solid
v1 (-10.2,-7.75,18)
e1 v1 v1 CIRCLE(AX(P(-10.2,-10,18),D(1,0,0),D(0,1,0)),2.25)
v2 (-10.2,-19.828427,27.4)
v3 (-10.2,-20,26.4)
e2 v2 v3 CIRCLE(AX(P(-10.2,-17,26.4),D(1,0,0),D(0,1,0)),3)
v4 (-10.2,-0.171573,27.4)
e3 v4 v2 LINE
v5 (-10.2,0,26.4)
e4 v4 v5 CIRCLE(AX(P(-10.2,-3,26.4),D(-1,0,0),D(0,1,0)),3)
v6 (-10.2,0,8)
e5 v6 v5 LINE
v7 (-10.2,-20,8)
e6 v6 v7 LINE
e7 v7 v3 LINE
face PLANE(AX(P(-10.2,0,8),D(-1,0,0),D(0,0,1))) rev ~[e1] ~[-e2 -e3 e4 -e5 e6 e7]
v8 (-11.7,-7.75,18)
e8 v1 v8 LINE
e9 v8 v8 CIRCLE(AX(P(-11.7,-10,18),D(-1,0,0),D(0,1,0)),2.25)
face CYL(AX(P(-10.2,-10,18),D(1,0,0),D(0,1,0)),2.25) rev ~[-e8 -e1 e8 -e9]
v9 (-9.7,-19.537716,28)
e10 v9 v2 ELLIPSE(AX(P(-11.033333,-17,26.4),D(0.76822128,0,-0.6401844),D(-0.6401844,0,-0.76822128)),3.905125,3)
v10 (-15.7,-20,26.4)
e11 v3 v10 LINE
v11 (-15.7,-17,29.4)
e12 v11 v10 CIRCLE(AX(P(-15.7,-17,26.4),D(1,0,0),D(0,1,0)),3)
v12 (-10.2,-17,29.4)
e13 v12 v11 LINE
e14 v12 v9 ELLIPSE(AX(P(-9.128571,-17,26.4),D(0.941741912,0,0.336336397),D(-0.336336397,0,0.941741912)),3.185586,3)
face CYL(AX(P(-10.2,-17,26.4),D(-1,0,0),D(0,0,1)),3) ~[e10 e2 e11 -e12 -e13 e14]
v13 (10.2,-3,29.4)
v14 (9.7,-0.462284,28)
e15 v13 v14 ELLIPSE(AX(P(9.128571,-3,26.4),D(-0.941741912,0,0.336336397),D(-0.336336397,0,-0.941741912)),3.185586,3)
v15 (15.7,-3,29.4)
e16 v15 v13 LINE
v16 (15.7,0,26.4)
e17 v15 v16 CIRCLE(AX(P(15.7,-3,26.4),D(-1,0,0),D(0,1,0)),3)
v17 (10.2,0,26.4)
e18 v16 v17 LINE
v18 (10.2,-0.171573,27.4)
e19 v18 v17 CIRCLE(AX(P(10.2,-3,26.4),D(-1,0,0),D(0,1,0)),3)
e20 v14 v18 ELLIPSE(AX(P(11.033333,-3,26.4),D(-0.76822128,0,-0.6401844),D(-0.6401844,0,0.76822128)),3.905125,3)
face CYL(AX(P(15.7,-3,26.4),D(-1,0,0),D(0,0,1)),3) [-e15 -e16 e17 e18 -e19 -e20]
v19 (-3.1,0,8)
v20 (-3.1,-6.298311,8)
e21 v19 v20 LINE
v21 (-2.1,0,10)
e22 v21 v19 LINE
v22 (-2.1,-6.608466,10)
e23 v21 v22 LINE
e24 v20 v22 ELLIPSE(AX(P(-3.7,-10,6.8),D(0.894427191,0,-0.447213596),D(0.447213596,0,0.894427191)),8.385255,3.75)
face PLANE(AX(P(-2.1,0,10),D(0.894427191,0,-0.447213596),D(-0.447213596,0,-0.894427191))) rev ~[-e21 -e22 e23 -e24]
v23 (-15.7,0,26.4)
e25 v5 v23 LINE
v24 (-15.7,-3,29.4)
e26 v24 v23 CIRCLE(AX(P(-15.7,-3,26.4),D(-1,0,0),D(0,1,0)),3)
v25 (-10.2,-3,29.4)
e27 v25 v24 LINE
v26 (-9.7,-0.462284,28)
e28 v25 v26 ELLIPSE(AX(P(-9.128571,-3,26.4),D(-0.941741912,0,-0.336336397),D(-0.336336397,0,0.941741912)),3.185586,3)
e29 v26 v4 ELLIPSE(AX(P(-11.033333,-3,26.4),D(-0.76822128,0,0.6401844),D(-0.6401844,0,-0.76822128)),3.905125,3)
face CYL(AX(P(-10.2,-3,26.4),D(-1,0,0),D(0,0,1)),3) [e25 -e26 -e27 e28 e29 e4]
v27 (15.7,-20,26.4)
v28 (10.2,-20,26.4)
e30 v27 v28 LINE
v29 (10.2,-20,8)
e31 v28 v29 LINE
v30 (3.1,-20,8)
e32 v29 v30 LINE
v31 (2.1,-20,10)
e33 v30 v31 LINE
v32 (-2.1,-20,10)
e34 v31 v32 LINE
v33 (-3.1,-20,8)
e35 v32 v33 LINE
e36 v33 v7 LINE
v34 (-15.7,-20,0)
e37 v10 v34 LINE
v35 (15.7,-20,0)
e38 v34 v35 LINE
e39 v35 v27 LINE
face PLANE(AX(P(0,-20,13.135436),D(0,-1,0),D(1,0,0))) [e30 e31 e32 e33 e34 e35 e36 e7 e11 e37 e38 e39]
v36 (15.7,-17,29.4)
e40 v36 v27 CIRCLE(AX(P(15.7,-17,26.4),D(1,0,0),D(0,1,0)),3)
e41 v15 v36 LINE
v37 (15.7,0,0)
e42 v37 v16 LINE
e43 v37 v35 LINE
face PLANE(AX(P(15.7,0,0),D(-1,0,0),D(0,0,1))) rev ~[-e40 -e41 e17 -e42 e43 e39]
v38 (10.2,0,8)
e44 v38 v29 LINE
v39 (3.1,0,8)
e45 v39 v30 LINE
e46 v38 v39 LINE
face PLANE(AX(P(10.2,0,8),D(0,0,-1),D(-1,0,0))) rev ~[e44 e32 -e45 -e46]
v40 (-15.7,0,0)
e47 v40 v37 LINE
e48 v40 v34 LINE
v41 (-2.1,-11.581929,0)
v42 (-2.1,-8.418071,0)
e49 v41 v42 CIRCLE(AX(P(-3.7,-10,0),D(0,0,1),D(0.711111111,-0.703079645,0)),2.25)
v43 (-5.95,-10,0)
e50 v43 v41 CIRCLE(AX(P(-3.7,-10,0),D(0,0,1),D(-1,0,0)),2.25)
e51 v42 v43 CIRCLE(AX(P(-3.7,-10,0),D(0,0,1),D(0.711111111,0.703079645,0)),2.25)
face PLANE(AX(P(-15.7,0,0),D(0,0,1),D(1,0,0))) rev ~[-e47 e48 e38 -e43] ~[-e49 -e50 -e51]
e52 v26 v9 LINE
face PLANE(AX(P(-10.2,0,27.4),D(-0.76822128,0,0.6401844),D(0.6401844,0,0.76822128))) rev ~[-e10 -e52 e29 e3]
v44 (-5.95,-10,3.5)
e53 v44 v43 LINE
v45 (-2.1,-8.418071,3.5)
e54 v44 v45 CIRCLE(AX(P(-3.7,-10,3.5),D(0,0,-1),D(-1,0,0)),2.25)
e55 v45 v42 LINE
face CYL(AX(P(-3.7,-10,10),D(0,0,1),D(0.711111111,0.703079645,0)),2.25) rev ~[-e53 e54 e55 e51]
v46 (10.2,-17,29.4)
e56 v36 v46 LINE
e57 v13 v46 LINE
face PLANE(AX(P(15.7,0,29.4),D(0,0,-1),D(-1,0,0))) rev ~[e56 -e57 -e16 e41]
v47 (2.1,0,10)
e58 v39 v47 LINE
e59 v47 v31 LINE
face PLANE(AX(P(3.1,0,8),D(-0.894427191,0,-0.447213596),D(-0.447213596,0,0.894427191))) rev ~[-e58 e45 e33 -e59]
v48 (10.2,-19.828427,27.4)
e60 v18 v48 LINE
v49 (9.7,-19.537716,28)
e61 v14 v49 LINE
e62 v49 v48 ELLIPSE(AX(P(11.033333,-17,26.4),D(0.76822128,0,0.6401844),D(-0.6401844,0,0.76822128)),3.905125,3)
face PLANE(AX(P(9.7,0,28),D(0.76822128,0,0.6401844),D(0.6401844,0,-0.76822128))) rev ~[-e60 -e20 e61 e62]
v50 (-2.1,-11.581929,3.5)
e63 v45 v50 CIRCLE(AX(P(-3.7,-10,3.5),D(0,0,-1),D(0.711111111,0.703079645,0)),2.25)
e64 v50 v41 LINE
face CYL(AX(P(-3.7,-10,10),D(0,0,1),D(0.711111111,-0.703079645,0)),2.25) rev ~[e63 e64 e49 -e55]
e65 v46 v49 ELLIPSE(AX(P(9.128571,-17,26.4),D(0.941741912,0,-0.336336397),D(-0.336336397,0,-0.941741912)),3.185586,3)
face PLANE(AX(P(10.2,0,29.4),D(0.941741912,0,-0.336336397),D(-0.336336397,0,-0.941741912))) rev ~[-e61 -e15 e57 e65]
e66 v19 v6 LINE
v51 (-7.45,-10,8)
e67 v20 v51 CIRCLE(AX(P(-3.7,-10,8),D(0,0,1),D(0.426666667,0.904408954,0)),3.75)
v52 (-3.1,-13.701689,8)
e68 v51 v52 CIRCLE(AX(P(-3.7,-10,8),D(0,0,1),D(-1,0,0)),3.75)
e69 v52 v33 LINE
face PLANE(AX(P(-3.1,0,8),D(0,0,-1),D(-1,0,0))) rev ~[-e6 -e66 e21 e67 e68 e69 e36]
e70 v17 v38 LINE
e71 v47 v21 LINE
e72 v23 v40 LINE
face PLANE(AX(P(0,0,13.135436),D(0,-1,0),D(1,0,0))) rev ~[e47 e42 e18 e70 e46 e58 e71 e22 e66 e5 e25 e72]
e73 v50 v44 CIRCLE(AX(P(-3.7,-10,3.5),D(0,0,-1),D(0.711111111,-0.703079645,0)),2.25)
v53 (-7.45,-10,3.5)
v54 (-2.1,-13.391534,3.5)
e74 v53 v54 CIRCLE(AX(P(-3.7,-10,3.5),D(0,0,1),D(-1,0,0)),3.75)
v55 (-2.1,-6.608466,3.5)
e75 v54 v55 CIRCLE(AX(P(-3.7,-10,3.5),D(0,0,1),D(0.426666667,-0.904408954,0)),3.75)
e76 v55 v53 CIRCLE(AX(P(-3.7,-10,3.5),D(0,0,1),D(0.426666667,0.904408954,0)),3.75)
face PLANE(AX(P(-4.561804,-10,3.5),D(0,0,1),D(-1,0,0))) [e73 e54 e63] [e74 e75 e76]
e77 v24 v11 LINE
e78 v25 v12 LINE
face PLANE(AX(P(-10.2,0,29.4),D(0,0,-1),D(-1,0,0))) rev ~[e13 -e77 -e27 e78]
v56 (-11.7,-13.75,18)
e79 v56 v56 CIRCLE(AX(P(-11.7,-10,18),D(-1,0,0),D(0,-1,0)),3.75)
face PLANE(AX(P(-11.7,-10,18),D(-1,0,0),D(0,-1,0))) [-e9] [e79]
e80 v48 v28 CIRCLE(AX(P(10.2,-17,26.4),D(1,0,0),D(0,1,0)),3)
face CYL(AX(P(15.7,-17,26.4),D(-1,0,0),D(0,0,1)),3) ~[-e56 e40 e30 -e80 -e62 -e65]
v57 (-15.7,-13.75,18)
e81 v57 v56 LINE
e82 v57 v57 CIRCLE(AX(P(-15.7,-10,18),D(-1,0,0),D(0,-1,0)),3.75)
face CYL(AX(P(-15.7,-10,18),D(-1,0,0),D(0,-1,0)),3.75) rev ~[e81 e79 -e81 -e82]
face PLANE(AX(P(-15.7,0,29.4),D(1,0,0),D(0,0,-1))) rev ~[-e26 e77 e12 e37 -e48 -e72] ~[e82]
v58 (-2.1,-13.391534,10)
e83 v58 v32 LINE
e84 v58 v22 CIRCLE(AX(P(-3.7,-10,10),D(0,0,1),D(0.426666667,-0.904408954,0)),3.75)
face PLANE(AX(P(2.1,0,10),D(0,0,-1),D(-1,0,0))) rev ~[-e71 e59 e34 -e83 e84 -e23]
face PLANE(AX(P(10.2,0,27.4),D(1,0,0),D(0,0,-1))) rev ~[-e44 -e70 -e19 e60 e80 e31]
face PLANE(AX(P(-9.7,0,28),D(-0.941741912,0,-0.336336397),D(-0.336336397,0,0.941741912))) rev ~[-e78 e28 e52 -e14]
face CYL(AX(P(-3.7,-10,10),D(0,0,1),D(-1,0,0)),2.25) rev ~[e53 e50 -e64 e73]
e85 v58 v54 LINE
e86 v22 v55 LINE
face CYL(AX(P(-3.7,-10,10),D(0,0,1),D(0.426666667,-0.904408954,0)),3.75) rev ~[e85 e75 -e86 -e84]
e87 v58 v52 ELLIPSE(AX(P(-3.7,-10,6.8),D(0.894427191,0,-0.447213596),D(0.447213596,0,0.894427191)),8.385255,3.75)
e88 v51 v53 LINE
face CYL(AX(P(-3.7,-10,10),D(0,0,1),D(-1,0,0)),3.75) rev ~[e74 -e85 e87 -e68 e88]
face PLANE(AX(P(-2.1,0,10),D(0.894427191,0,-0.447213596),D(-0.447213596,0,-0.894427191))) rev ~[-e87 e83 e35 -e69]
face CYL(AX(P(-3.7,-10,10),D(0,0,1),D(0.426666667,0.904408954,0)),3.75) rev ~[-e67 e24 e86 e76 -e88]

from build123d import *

# Parameters (mm, degrees)
F1_DEPTH  = 20
F2_R      = 3
F4_DEPTH  = 10.001
F5_DEPTH  = 6.5
F6_ANGLE  = -90
F7_R      = 2.25
F8_DEPTH  = 5.5
F9_R      = 3.75
F9_R_2    = 2.25
F10_DEPTH = 4


with BuildPart() as f1:
    # F0 (on Top) → F1 (new body)
    with BuildSketch(Plane.XY):
        Polygon((-15.7, 0), (0, 0), (15.7, 0), (15.7, 29.4), (10.2, 29.4), (9.7, 28), (10.2, 27.4), (10.2, 8), (3.1, 8), (2.1, 10), (0, 10), (-2.1, 10), (-3.1, 8), (-10.2, 8), (-10.2, 27.4), (-9.7, 28), (-10.2, 29.4), (-15.7, 29.4), align=None)
    extrude(amount=F1_DEPTH)

    # F2
    f2_edges = [f1.edges().sort_by_distance(p)[0] for p in [
        (12.95, 29.4, 20),
        (-12.95, 29.4, 20),
        (-12.95, 29.4, 0),
        (12.95, 29.4, 0),
    ]]
    fillet(f2_edges, radius=F2_R)

    # F3 (on face) → F4 (cut, through all)
    with BuildSketch(Plane(origin=(0, 10, 0), x_dir=(-1, 0, 0), z_dir=(0, 1, 0))):
        with BuildLine():
            ThreePointArc((5.95, 10), (4.5551315688, 12.0811655388), (2.1, 11.581929202))
            Line((2.1, 11.581929202), (2.1, 8.418070798))
            ThreePointArc((2.1, 8.418070798), (4.5551315688, 7.9188344612), (5.95, 10))
        make_face()
        with BuildLine():
            Line((2.1, 8.418070798), (2.1, 11.581929202))
            ThreePointArc((2.1, 11.581929202), (1.45, 10), (2.1, 8.418070798))
        make_face()
    extrude(amount=-F4_DEPTH, mode=Mode.SUBTRACT)

    # F3 (on face) → F5 (cut)
    with BuildSketch(Plane(origin=(0, 10, 0), x_dir=(-1, 0, 0), z_dir=(0, 1, 0))):
        with BuildLine():
            ThreePointArc((2.1, 6.6084664236), (5.7077973005, 6.8327851352), (7.45, 10))
            ThreePointArc((7.45, 10), (5.7077973005, 13.1672148648), (2.1, 13.3915335764))
            Line((2.1, 13.3915335764), (2.1, 11.581929202))
            ThreePointArc((2.1, 11.581929202), (4.5551315688, 12.0811655388), (5.95, 10))
            ThreePointArc((5.95, 10), (4.5551315688, 7.9188344612), (2.1, 8.418070798))
            Line((2.1, 8.418070798), (2.1, 6.6084664236))
        make_face()
        with BuildLine():
            Line((2.1, 11.581929202), (2.1, 13.3915335764))
            ThreePointArc((2.1, 13.3915335764), (-0.05, 10), (2.1, 6.6084664236))
            Line((2.1, 6.6084664236), (2.1, 8.418070798))
            ThreePointArc((2.1, 8.418070798), (1.45, 10), (2.1, 11.581929202))
        make_face()
    extrude(amount=-F5_DEPTH, mode=Mode.SUBTRACT)


with BuildPart() as f1_1:
    # F6: moved
    add(f1.part.rotate(Axis((0, 0, 0), (-1, 0, 0)), F6_ANGLE))

    # F7 (on face) → F8 (cut, through all)
    with BuildSketch(Plane.YZ.offset(-10.2)):
        with Locations((-10, 18)):
            Circle(F7_R)
    extrude(amount=-F8_DEPTH, mode=Mode.SUBTRACT)

    # F9 (on face) → F10 (cut)
    with BuildSketch(Plane(origin=(-15.7, 0, 0), x_dir=(0, -1, 0), z_dir=(-1, 0, 0))):
        with Locations((10, 18)):
            Circle(F9_R)
        with Locations((10, 18)):
            Circle(F9_R_2, mode=Mode.SUBTRACT)
    extrude(amount=-F10_DEPTH, mode=Mode.SUBTRACT)


solid = f1_1.part
